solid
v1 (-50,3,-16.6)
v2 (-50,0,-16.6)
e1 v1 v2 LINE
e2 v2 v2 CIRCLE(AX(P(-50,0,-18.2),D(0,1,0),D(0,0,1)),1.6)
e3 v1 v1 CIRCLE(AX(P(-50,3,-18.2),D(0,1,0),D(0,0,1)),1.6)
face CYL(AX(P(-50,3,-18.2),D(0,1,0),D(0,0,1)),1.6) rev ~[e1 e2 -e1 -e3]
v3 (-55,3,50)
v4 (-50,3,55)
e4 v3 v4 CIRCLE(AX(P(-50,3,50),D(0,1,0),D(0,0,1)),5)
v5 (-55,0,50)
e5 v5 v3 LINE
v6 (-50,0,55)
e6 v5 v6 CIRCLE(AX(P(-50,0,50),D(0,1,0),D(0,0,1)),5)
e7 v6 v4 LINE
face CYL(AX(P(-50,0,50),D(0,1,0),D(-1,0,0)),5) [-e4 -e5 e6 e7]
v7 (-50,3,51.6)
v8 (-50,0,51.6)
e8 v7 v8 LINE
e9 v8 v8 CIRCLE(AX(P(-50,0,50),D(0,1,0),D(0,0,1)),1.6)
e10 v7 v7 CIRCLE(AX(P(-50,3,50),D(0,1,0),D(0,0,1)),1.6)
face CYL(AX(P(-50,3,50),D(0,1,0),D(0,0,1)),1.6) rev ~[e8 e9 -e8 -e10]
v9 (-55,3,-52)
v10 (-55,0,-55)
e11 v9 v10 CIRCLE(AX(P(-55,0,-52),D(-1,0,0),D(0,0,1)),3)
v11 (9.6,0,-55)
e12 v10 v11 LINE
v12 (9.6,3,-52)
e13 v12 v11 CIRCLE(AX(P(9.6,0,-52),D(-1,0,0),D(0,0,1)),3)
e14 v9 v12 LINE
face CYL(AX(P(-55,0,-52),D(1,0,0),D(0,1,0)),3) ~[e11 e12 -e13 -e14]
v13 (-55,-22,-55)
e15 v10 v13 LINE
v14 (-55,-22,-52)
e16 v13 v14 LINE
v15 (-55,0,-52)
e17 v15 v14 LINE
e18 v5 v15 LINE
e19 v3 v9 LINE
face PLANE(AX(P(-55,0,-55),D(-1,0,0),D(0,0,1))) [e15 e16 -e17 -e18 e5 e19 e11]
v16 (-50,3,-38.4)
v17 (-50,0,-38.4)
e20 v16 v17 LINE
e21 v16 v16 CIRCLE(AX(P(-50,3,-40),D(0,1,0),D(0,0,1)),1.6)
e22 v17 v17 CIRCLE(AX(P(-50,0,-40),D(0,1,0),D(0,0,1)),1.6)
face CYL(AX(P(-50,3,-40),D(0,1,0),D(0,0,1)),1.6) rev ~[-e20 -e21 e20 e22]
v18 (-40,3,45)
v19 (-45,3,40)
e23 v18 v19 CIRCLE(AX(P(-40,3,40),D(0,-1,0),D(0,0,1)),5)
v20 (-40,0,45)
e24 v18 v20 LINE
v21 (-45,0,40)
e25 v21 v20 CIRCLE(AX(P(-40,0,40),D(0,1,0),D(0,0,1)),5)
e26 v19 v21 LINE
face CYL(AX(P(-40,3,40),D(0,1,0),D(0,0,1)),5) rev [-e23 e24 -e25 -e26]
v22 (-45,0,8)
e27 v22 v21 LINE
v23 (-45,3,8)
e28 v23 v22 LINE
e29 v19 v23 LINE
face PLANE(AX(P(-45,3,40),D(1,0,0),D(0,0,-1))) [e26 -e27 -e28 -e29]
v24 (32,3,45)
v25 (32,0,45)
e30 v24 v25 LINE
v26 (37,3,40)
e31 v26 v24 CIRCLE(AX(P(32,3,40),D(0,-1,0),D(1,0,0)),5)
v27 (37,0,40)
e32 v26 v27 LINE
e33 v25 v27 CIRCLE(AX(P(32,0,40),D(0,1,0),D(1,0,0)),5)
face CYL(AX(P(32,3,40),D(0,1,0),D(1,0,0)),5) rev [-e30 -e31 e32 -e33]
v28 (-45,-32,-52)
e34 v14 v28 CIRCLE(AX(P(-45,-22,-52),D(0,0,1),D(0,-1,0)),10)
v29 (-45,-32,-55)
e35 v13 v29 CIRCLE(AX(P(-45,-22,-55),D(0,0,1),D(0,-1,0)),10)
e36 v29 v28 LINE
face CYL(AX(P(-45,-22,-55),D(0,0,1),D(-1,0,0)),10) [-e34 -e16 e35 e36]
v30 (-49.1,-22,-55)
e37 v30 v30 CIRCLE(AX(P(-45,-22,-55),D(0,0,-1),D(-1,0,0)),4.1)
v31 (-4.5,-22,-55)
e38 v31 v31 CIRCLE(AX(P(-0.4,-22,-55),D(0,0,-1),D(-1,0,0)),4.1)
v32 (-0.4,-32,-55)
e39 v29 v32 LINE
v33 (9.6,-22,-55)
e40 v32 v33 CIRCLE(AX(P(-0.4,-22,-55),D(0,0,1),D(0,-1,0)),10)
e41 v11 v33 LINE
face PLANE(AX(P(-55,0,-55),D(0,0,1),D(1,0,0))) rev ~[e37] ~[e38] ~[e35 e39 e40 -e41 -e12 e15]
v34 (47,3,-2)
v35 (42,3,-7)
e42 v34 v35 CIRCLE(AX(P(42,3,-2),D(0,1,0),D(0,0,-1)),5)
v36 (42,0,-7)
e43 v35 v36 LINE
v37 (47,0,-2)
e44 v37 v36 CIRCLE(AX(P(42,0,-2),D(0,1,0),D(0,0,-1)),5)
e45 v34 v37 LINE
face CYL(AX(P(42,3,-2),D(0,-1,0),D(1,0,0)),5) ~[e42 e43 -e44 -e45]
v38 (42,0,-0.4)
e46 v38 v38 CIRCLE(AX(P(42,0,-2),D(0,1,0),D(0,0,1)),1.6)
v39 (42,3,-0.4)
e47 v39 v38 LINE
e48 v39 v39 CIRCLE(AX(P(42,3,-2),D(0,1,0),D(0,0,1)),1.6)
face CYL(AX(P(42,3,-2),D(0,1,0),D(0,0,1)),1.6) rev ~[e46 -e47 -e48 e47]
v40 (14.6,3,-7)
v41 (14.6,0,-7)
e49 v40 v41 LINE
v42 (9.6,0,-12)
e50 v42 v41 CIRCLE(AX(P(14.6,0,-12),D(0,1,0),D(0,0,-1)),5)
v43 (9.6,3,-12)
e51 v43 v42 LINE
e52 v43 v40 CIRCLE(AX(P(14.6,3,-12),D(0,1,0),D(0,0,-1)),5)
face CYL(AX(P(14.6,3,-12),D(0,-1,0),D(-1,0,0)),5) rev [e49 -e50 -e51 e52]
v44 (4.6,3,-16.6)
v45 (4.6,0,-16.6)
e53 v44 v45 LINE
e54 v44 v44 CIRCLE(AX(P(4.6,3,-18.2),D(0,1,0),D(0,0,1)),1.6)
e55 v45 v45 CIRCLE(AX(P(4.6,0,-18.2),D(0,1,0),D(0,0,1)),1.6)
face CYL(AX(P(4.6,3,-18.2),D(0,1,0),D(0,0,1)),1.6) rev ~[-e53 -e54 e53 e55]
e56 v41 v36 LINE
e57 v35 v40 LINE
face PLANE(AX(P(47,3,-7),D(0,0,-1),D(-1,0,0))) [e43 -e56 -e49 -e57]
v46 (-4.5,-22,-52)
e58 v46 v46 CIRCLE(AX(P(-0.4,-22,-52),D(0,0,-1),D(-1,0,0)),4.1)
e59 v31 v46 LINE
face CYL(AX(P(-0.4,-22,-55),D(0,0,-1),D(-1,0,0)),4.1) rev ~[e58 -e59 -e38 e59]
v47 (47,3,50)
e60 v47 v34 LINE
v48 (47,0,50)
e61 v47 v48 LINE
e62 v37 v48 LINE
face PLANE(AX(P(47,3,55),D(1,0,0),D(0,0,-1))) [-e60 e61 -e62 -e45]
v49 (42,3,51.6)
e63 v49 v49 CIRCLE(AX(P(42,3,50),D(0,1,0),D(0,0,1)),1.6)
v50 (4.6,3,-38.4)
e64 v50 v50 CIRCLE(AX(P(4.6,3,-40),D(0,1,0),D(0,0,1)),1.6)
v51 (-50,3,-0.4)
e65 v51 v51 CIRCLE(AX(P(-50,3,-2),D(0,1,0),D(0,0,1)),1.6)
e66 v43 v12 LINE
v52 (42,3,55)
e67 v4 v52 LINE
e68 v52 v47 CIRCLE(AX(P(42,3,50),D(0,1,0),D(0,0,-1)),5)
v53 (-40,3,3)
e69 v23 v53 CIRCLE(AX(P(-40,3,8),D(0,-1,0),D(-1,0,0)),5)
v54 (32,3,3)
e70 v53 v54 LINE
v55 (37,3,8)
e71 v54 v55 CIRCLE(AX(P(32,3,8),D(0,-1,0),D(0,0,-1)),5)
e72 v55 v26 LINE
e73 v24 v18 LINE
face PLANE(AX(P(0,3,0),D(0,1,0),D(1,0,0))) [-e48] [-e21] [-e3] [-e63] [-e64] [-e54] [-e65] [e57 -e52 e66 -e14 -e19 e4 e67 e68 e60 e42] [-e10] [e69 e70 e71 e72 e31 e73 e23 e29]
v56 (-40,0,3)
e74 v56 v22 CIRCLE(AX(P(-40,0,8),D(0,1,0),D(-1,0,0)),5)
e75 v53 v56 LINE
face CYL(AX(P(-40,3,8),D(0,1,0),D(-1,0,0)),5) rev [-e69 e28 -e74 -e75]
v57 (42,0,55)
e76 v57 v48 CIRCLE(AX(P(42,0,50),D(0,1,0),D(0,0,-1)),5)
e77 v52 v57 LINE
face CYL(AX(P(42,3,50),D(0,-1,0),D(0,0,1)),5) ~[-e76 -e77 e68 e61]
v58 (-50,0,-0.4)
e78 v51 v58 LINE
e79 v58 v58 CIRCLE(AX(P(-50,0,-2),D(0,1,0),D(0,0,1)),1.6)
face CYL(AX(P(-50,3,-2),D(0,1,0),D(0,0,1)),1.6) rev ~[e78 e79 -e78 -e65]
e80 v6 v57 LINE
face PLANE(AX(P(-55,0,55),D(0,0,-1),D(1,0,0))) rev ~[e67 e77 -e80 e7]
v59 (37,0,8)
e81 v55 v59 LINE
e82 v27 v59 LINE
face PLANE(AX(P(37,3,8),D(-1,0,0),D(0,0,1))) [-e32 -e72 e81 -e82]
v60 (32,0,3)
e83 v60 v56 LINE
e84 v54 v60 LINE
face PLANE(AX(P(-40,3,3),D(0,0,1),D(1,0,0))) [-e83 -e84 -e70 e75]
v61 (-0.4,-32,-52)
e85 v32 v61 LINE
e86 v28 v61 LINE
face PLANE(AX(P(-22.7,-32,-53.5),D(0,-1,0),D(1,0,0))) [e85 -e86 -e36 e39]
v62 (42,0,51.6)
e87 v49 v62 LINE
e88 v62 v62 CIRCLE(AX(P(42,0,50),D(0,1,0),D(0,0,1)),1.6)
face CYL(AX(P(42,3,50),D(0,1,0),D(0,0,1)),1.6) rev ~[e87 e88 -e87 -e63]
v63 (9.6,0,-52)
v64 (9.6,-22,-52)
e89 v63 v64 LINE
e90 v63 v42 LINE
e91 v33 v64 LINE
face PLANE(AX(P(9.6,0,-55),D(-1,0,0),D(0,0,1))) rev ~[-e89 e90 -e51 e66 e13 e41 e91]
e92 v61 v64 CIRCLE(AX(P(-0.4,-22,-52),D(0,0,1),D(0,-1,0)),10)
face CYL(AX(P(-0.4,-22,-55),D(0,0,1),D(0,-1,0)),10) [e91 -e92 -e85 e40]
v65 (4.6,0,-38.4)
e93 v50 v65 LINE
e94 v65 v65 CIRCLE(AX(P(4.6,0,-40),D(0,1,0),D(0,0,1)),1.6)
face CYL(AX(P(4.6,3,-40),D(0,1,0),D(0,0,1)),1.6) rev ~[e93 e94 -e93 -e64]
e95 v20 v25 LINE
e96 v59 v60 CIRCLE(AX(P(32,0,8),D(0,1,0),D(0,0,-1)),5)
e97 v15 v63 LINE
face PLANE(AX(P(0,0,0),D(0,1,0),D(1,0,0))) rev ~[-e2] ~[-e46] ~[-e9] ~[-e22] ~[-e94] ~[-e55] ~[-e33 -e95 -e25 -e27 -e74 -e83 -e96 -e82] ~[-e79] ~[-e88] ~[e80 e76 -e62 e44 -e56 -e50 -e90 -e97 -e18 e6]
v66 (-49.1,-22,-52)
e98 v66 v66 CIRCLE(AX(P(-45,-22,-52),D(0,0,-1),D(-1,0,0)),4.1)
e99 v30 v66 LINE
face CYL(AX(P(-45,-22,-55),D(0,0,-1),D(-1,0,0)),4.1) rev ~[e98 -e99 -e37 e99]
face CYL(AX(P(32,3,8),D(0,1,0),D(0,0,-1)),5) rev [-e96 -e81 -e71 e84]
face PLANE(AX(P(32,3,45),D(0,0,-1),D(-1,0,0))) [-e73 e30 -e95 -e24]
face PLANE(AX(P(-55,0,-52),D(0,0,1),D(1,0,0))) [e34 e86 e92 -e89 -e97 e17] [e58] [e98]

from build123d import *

# Parameters (mm, degrees)
SKETCH_1_W          = 110
SKETCH_1_H          = 110
EXTRUDE_1_DEPTH     = 3
CUT_EXTRUDE_1_REACH = 79.84
SKETCH_2_R          = 1.6
CUT_EXTRUDE_2_REACH = 79.84
SKETCH_5_W          = 64.6
SKETCH_5_H          = 3
EXTRUDE_2_DEPTH     = 32
CUT_EXTRUDE_3_REACH = 129.079
SKETCH_6_R          = 4.1
CUT_EXTRUDE_4_REACH = 87.294
FILLET_1_R          = 5
FILLET_2_R          = 3
FILLET_3_R          = 10


with BuildPart() as part:
    # 草图1 → 凸台-拉伸1 (new body)
    with BuildSketch(Plane(origin=(0, 0, 0), x_dir=(1, 0, 0), z_dir=(0, 1, 0))):
        Rectangle(SKETCH_1_W, SKETCH_1_H)
    extrude(amount=EXTRUDE_1_DEPTH)

    # 草图2 → 切除-拉伸1 (cut, up to next)
    with BuildSketch(Plane(origin=(0, 3, 0), x_dir=(1, 0, 0), z_dir=(0, 1, 0)), mode=Mode.PRIVATE) as cut_extrude_1_sk1:
        with Locations(Location((-50, 40, 0), (0, 0, 270))):
            Circle(SKETCH_2_R)
    cut_extrude_1_tool1 = extrude(cut_extrude_1_sk1.sketch, amount=-CUT_EXTRUDE_1_REACH, mode=Mode.PRIVATE) & part.part
    # 草图2 → 切除-拉伸1 (cut, up to next)
    with BuildSketch(Plane(origin=(0, 3, 0), x_dir=(1, 0, 0), z_dir=(0, 1, 0)), mode=Mode.PRIVATE) as cut_extrude_1_sk2:
        with Locations(Location((4.6, 40, 0), (0, 0, 270))):
            Circle(SKETCH_2_R)
    cut_extrude_1_tool2 = extrude(cut_extrude_1_sk2.sketch, amount=-CUT_EXTRUDE_1_REACH, mode=Mode.PRIVATE) & part.part
    # 草图2 → 切除-拉伸1 (cut, up to next)
    with BuildSketch(Plane(origin=(0, 3, 0), x_dir=(1, 0, 0), z_dir=(0, 1, 0)), mode=Mode.PRIVATE) as cut_extrude_1_sk3:
        with Locations(Location((4.6, 18.2, 0), (0, 0, 270))):
            Circle(SKETCH_2_R)
    cut_extrude_1_tool3 = extrude(cut_extrude_1_sk3.sketch, amount=-CUT_EXTRUDE_1_REACH, mode=Mode.PRIVATE) & part.part
    # 草图2 → 切除-拉伸1 (cut, up to next)
    with BuildSketch(Plane(origin=(0, 3, 0), x_dir=(1, 0, 0), z_dir=(0, 1, 0)), mode=Mode.PRIVATE) as cut_extrude_1_sk4:
        with Locations(Location((-50, 18.2, 0), (0, 0, 270))):
            Circle(SKETCH_2_R)
    cut_extrude_1_tool4 = extrude(cut_extrude_1_sk4.sketch, amount=-CUT_EXTRUDE_1_REACH, mode=Mode.PRIVATE) & part.part
    # 草图2 → 切除-拉伸1 (cut, up to next)
    with BuildSketch(Plane(origin=(0, 3, 0), x_dir=(1, 0, 0), z_dir=(0, 1, 0)), mode=Mode.PRIVATE) as cut_extrude_1_sk5:
        with Locations(Location((-50, -50, 0), (0, 0, 270))):
            Circle(SKETCH_2_R)
    cut_extrude_1_tool5 = extrude(cut_extrude_1_sk5.sketch, amount=-CUT_EXTRUDE_1_REACH, mode=Mode.PRIVATE) & part.part
    # 草图2 → 切除-拉伸1 (cut, up to next)
    with BuildSketch(Plane(origin=(0, 3, 0), x_dir=(1, 0, 0), z_dir=(0, 1, 0)), mode=Mode.PRIVATE) as cut_extrude_1_sk6:
        with Locations(Location((42, -50, 0), (0, 0, 270))):
            Circle(SKETCH_2_R)
    cut_extrude_1_tool6 = extrude(cut_extrude_1_sk6.sketch, amount=-CUT_EXTRUDE_1_REACH, mode=Mode.PRIVATE) & part.part
    # 草图2 → 切除-拉伸1 (cut, up to next)
    with BuildSketch(Plane(origin=(0, 3, 0), x_dir=(1, 0, 0), z_dir=(0, 1, 0)), mode=Mode.PRIVATE) as cut_extrude_1_sk7:
        with Locations(Location((42, 2, 0), (0, 0, 270))):
            Circle(SKETCH_2_R)
    cut_extrude_1_tool7 = extrude(cut_extrude_1_sk7.sketch, amount=-CUT_EXTRUDE_1_REACH, mode=Mode.PRIVATE) & part.part
    # 草图2 → 切除-拉伸1 (cut, up to next)
    with BuildSketch(Plane(origin=(0, 3, 0), x_dir=(1, 0, 0), z_dir=(0, 1, 0)), mode=Mode.PRIVATE) as cut_extrude_1_sk8:
        with Locations(Location((-50, 2, 0), (0, 0, 270))):
            Circle(SKETCH_2_R)
    cut_extrude_1_tool8 = extrude(cut_extrude_1_sk8.sketch, amount=-CUT_EXTRUDE_1_REACH, mode=Mode.PRIVATE) & part.part
    add(cut_extrude_1_tool1.solids().sort_by_distance((-50, 3, -40))[0], mode=Mode.SUBTRACT)
    add(cut_extrude_1_tool2.solids().sort_by_distance((4.6, 3, -40))[0], mode=Mode.SUBTRACT)
    add(cut_extrude_1_tool3.solids().sort_by_distance((4.6, 3, -18.2))[0], mode=Mode.SUBTRACT)
    add(cut_extrude_1_tool4.solids().sort_by_distance((-50, 3, -18.2))[0], mode=Mode.SUBTRACT)
    add(cut_extrude_1_tool5.solids().sort_by_distance((-50, 3, 50))[0], mode=Mode.SUBTRACT)
    add(cut_extrude_1_tool6.solids().sort_by_distance((42, 3, 50))[0], mode=Mode.SUBTRACT)
    add(cut_extrude_1_tool7.solids().sort_by_distance((42, 3, -2))[0], mode=Mode.SUBTRACT)
    add(cut_extrude_1_tool8.solids().sort_by_distance((-50, 3, -2))[0], mode=Mode.SUBTRACT)

    # 草图3 → 切除-拉伸2 (cut, up to next)
    with BuildSketch(Plane(origin=(0, 3, 0), x_dir=(1, 0, 0), z_dir=(0, 1, 0)), mode=Mode.PRIVATE) as cut_extrude_2_sk1:
        Polygon((55, 17), (55, -55), (47, -55), (47, 7), (9.6, 7), (9.6, 55), (55, 55), align=None)
    cut_extrude_2_tool1 = extrude(cut_extrude_2_sk1.sketch, amount=-CUT_EXTRUDE_2_REACH, mode=Mode.PRIVATE) & part.part
    add(cut_extrude_2_tool1.solids().sort_by_distance((35.767105, 3, -20.802632))[0], mode=Mode.SUBTRACT)

    # 草图5 → 凸台-拉伸2 (add)
    with BuildSketch(Plane.XZ):
        with Locations((-22.7, -53.5)):
            Rectangle(SKETCH_5_W, SKETCH_5_H)
    extrude(amount=EXTRUDE_2_DEPTH)

    # 草图6 → 切除-拉伸3 (cut, up to next)
    with BuildSketch(Plane(origin=(0, 0, -55), x_dir=(-1, 0, 0), z_dir=(0, 0, -1)), mode=Mode.PRIVATE) as cut_extrude_3_sk1:
        with Locations((0.4, -22)):
            Circle(SKETCH_6_R)
    cut_extrude_3_tool1 = extrude(cut_extrude_3_sk1.sketch, amount=-CUT_EXTRUDE_3_REACH, mode=Mode.PRIVATE) & part.part
    # 草图6 → 切除-拉伸3 (cut, up to next)
    with BuildSketch(Plane(origin=(0, 0, -55), x_dir=(-1, 0, 0), z_dir=(0, 0, -1)), mode=Mode.PRIVATE) as cut_extrude_3_sk2:
        with Locations((45, -22)):
            Circle(SKETCH_6_R)
    cut_extrude_3_tool2 = extrude(cut_extrude_3_sk2.sketch, amount=-CUT_EXTRUDE_3_REACH, mode=Mode.PRIVATE) & part.part
    add(cut_extrude_3_tool1.solids().sort_by_distance((-0.4, -22, -55))[0], mode=Mode.SUBTRACT)
    add(cut_extrude_3_tool2.solids().sort_by_distance((-45, -22, -55))[0], mode=Mode.SUBTRACT)

    # 草图7 → 切除-拉伸4 (cut, up to next)
    with BuildSketch(Plane(origin=(0, 3, 0), x_dir=(1, 0, 0), z_dir=(0, 1, 0)), mode=Mode.PRIVATE) as cut_extrude_4_sk1:
        with BuildLine():
            Line((-40, -3), (32, -3))
            ThreePointArc((32, -3), (35.535533906, -4.464466094), (37, -8))
            Line((37, -8), (37, -40))
            ThreePointArc((37, -40), (35.535533906, -43.535533906), (32, -45))
            Line((32, -45), (-40, -45))
            ThreePointArc((-40, -45), (-43.535533906, -43.535533906), (-45, -40))
            Line((-45, -40), (-45, -8))
            ThreePointArc((-45, -8), (-43.535533906, -4.464466094), (-40, -3))
        make_face()
    cut_extrude_4_tool1 = extrude(cut_extrude_4_sk1.sketch, amount=-CUT_EXTRUDE_4_REACH, mode=Mode.PRIVATE) & part.part
    add(cut_extrude_4_tool1.solids().sort_by_distance((-4, 3, 24))[0], mode=Mode.SUBTRACT)

    # 圆角1
    fillet_1_edges = [part.edges().sort_by_distance(p)[0] for p in [
        (47, 1.5, 55),
        (47, 1.5, -7),
        (9.6, 1.5, -7),
        (-55, 1.5, 55),
    ]]
    fillet(fillet_1_edges, radius=FILLET_1_R)

    # 圆角2
    fillet_2_edges = [part.edges().sort_by_distance(p)[0] for p in [
        (-22.7, 3, -55),
    ]]
    fillet(fillet_2_edges, radius=FILLET_2_R)

    # 圆角3
    fillet_3_edges = [part.edges().sort_by_distance(p)[0] for p in [
        (9.6, -32, -53.5),
        (-55, -32, -53.5),
    ]]
    fillet(fillet_3_edges, radius=FILLET_3_R)


solid = part.part
